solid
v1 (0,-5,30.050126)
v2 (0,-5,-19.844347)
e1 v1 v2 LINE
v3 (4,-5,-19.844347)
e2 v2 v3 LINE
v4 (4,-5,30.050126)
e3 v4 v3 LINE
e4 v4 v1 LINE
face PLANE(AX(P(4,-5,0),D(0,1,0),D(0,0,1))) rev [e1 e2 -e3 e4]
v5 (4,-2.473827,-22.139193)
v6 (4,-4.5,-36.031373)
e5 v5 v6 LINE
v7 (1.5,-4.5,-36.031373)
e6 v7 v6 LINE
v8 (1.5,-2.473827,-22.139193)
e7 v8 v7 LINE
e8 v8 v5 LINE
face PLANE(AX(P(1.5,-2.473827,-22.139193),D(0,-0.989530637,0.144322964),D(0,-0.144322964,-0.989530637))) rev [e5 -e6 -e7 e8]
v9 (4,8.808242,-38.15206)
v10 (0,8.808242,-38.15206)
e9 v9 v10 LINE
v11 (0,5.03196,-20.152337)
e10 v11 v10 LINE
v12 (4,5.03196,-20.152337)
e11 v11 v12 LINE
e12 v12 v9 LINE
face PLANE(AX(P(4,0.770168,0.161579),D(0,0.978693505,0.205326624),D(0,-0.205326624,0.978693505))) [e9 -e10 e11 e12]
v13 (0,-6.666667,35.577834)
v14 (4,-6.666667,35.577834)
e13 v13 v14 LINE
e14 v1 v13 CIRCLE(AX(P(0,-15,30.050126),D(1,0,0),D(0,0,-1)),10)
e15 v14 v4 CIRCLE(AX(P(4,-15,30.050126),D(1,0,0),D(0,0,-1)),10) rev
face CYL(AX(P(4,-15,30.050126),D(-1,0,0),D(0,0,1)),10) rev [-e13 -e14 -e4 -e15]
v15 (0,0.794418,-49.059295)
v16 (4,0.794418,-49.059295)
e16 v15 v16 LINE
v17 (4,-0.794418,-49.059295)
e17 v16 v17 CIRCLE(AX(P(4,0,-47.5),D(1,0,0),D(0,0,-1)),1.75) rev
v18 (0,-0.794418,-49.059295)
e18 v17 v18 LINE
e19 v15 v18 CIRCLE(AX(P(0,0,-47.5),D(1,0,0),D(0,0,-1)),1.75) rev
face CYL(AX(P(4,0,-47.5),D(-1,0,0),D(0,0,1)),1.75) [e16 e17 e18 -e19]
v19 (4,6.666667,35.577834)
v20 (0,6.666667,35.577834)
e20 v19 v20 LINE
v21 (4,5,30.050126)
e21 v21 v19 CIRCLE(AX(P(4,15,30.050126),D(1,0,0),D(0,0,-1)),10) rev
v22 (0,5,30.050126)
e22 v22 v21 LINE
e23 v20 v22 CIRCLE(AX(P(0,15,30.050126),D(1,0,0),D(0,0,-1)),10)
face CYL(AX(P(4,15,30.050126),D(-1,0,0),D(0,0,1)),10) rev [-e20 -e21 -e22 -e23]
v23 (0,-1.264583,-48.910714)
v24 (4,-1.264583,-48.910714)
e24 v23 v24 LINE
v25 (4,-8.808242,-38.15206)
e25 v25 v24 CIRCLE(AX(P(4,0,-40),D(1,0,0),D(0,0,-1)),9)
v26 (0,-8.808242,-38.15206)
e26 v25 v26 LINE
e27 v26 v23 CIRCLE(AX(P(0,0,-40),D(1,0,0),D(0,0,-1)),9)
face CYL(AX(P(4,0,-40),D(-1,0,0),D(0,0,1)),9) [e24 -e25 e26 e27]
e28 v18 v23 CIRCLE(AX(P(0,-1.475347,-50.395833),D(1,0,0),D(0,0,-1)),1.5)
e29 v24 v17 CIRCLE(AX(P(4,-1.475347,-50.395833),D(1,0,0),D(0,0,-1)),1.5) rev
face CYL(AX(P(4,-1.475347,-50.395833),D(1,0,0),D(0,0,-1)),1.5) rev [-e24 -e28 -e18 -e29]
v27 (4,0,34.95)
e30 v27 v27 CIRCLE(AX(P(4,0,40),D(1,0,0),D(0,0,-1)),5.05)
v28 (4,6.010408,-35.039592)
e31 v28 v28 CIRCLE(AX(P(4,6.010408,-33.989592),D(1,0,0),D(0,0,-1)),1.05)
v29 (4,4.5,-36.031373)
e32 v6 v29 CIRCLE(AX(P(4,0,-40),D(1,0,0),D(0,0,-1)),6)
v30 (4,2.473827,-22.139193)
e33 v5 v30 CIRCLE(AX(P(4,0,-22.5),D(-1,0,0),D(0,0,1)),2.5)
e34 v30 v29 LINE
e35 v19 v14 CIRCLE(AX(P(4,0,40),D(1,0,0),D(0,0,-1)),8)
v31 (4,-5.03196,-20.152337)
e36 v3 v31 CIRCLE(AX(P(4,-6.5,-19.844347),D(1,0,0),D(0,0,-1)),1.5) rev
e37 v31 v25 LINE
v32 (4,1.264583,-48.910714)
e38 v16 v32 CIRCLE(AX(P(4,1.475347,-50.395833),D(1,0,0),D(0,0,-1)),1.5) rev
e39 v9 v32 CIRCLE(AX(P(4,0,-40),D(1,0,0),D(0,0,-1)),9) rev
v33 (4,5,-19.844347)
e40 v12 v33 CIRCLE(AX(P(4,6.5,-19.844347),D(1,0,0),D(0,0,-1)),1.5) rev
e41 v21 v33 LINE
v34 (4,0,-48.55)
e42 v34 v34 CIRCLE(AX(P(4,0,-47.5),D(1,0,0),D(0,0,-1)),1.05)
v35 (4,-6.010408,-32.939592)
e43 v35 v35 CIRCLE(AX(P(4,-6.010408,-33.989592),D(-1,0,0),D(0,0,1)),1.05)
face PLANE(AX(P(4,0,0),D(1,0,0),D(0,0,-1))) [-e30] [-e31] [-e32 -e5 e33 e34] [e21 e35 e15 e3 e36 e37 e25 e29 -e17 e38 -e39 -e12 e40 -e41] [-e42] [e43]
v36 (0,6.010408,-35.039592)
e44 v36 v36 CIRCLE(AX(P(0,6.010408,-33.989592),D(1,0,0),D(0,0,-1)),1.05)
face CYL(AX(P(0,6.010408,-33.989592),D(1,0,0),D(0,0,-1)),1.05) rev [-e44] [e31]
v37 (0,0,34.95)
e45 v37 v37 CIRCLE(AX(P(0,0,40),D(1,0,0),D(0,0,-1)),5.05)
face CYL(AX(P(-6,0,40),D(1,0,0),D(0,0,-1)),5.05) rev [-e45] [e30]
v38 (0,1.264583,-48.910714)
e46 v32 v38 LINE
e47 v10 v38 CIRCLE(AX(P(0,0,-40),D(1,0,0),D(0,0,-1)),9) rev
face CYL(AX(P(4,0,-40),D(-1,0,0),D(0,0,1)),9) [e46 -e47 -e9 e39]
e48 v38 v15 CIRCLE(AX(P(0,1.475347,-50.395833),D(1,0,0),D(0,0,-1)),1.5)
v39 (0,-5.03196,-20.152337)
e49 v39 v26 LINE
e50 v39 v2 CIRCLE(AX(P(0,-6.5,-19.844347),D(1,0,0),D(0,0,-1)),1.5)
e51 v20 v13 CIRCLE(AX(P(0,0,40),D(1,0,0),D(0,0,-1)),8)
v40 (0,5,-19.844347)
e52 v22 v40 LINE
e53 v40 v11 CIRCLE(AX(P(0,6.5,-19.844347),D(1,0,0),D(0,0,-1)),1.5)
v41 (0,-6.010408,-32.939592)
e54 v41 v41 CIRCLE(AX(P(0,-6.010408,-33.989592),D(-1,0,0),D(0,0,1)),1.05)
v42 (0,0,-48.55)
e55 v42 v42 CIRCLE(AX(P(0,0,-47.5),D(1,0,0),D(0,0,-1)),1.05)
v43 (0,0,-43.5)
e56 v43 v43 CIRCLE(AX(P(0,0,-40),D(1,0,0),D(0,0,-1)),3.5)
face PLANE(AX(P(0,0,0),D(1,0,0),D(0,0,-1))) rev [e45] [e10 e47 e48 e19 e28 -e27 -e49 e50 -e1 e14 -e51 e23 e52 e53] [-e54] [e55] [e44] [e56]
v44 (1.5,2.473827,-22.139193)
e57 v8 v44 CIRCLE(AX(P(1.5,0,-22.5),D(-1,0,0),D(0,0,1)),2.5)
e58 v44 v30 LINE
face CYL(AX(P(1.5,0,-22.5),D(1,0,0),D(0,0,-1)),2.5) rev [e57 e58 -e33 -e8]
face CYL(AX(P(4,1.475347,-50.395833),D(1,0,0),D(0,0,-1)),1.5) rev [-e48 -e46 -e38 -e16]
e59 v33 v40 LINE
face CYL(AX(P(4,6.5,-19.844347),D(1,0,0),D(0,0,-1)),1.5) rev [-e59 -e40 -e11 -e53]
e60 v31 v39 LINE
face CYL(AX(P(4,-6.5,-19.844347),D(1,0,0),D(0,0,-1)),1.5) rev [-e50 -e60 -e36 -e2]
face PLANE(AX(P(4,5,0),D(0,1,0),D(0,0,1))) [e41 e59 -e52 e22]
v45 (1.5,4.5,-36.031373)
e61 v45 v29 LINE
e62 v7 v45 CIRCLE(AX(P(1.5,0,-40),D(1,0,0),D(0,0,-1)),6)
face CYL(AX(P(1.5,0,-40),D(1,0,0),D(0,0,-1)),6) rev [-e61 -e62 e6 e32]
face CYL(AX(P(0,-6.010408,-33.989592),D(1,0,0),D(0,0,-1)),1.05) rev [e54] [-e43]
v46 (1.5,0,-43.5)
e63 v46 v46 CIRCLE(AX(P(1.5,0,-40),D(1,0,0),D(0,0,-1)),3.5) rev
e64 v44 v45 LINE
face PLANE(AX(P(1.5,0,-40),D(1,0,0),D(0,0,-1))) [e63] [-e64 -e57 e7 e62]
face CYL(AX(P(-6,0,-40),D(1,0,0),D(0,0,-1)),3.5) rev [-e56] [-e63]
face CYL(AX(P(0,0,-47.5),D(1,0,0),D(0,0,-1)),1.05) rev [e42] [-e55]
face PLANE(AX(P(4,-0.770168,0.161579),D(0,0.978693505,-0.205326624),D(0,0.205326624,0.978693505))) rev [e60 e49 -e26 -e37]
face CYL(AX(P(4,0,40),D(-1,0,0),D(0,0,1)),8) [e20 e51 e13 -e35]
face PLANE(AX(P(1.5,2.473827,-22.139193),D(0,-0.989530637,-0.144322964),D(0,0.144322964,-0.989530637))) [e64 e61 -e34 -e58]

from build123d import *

# Parameters (mm, degrees)
BOSS_EXTRU_1_DEPTH      = 4
ESQUISSE2_R             = 5.05
ESQUISSE2_R_2           = 3.5
ENL_V_MAT_EXTRU_1_DEPTH = 10
ENL_V_MAT_EXTRU_2_DEPTH = 2.5
ESQUISSE5_R             = 1.05
ENL_V_MAT_EXTRU_3_DEPTH = 51.225118218
CONG_2_R                = 1.5
CONG_3_R                = 10


with BuildPart() as part:
    # Esquisse1 → Boss.-Extru.1 (new body)
    with BuildSketch(Plane(origin=(0, 0, 0), x_dir=(0, 0, -1), z_dir=(1, 0, 0))):
        with BuildLine():
            Line((-33.755002002, 5), (20, 5))
            Line((20, 5), (38.152060387, 8.808241549))
            ThreePointArc((38.152060387, 8.808241549), (45.281301679, 7.28751347), (48.945833333, 0.985934061))
            ThreePointArc((48.945833333, 0.985934061), (49.25, 0), (48.945833333, -0.985934061))
            ThreePointArc((48.945833333, -0.985934061), (45.281301679, -7.28751347), (38.152060387, -8.808241549))
            Line((38.152060387, -8.808241549), (20, -5))
            Line((20, -5), (-33.755002002, -5))
            ThreePointArc((-33.755002002, -5), (-48, 0), (-33.755002002, 5))
        make_face()
    extrude(amount=BOSS_EXTRU_1_DEPTH)

    # Esquisse2 → Enlèv. mat.-Extru.1 (cut)
    with BuildSketch(Plane(origin=(4, 0, 0), x_dir=(0, 0, -1), z_dir=(1, 0, 0))):
        with Locations((-40, 0)):
            Circle(ESQUISSE2_R)
        with Locations((40, 0)):
            Circle(ESQUISSE2_R_2)
    extrude(amount=-ENL_V_MAT_EXTRU_1_DEPTH, mode=Mode.SUBTRACT)

    # Esquisse3 → Enlèv. mat.-Extru.2 (cut)
    with BuildSketch(Plane(origin=(4, 0, 0), x_dir=(0, 0, -1), z_dir=(1, 0, 0))):
        with BuildLine():
            Line((22.139192589, 2.473826593), (36.031373033, 4.5))
            ThreePointArc((36.031373033, 4.5), (46, 0), (36.031373033, -4.5))
            Line((36.031373033, -4.5), (22.139192589, -2.473826593))
            ThreePointArc((22.139192589, -2.473826593), (20, 0), (22.139192589, 2.473826593))
        make_face()
    extrude(amount=-ENL_V_MAT_EXTRU_2_DEPTH, mode=Mode.SUBTRACT)

    # Esquisse5 → Enlèv. mat.-Extru.3 (cut, through all)
    with BuildSketch(Plane(origin=(4, 0, 0), x_dir=(0, 0, -1), z_dir=(1, 0, 0))):
        with Locations((33.98959236, 6.01040764)):
            Circle(ESQUISSE5_R)
        with Locations(Location((33.98959236, -6.01040764, 0), (0, 0, 180))):
            Circle(ESQUISSE5_R)
        with Locations((47.5, 0)):
            Circle(ESQUISSE5_R)
    extrude(amount=-ENL_V_MAT_EXTRU_3_DEPTH, mode=Mode.SUBTRACT)

    # Congé2
    cong_2_edges = [part.edges().sort_by_distance(p)[0] for p in [
        (2, -0.985934061, -48.945833333),
        (2, -5, -20),
        (2, 5, -20),
        (2, 0.985934061, -48.945833333),
    ]]
    fillet(cong_2_edges, radius=CONG_2_R)

    # Congé3
    cong_3_edges = [part.edges().sort_by_distance(p)[0] for p in [
        (2, -5, 33.755002002),
        (2, 5, 33.755002002),
    ]]
    fillet(cong_3_edges, radius=CONG_3_R)


solid = part.part
